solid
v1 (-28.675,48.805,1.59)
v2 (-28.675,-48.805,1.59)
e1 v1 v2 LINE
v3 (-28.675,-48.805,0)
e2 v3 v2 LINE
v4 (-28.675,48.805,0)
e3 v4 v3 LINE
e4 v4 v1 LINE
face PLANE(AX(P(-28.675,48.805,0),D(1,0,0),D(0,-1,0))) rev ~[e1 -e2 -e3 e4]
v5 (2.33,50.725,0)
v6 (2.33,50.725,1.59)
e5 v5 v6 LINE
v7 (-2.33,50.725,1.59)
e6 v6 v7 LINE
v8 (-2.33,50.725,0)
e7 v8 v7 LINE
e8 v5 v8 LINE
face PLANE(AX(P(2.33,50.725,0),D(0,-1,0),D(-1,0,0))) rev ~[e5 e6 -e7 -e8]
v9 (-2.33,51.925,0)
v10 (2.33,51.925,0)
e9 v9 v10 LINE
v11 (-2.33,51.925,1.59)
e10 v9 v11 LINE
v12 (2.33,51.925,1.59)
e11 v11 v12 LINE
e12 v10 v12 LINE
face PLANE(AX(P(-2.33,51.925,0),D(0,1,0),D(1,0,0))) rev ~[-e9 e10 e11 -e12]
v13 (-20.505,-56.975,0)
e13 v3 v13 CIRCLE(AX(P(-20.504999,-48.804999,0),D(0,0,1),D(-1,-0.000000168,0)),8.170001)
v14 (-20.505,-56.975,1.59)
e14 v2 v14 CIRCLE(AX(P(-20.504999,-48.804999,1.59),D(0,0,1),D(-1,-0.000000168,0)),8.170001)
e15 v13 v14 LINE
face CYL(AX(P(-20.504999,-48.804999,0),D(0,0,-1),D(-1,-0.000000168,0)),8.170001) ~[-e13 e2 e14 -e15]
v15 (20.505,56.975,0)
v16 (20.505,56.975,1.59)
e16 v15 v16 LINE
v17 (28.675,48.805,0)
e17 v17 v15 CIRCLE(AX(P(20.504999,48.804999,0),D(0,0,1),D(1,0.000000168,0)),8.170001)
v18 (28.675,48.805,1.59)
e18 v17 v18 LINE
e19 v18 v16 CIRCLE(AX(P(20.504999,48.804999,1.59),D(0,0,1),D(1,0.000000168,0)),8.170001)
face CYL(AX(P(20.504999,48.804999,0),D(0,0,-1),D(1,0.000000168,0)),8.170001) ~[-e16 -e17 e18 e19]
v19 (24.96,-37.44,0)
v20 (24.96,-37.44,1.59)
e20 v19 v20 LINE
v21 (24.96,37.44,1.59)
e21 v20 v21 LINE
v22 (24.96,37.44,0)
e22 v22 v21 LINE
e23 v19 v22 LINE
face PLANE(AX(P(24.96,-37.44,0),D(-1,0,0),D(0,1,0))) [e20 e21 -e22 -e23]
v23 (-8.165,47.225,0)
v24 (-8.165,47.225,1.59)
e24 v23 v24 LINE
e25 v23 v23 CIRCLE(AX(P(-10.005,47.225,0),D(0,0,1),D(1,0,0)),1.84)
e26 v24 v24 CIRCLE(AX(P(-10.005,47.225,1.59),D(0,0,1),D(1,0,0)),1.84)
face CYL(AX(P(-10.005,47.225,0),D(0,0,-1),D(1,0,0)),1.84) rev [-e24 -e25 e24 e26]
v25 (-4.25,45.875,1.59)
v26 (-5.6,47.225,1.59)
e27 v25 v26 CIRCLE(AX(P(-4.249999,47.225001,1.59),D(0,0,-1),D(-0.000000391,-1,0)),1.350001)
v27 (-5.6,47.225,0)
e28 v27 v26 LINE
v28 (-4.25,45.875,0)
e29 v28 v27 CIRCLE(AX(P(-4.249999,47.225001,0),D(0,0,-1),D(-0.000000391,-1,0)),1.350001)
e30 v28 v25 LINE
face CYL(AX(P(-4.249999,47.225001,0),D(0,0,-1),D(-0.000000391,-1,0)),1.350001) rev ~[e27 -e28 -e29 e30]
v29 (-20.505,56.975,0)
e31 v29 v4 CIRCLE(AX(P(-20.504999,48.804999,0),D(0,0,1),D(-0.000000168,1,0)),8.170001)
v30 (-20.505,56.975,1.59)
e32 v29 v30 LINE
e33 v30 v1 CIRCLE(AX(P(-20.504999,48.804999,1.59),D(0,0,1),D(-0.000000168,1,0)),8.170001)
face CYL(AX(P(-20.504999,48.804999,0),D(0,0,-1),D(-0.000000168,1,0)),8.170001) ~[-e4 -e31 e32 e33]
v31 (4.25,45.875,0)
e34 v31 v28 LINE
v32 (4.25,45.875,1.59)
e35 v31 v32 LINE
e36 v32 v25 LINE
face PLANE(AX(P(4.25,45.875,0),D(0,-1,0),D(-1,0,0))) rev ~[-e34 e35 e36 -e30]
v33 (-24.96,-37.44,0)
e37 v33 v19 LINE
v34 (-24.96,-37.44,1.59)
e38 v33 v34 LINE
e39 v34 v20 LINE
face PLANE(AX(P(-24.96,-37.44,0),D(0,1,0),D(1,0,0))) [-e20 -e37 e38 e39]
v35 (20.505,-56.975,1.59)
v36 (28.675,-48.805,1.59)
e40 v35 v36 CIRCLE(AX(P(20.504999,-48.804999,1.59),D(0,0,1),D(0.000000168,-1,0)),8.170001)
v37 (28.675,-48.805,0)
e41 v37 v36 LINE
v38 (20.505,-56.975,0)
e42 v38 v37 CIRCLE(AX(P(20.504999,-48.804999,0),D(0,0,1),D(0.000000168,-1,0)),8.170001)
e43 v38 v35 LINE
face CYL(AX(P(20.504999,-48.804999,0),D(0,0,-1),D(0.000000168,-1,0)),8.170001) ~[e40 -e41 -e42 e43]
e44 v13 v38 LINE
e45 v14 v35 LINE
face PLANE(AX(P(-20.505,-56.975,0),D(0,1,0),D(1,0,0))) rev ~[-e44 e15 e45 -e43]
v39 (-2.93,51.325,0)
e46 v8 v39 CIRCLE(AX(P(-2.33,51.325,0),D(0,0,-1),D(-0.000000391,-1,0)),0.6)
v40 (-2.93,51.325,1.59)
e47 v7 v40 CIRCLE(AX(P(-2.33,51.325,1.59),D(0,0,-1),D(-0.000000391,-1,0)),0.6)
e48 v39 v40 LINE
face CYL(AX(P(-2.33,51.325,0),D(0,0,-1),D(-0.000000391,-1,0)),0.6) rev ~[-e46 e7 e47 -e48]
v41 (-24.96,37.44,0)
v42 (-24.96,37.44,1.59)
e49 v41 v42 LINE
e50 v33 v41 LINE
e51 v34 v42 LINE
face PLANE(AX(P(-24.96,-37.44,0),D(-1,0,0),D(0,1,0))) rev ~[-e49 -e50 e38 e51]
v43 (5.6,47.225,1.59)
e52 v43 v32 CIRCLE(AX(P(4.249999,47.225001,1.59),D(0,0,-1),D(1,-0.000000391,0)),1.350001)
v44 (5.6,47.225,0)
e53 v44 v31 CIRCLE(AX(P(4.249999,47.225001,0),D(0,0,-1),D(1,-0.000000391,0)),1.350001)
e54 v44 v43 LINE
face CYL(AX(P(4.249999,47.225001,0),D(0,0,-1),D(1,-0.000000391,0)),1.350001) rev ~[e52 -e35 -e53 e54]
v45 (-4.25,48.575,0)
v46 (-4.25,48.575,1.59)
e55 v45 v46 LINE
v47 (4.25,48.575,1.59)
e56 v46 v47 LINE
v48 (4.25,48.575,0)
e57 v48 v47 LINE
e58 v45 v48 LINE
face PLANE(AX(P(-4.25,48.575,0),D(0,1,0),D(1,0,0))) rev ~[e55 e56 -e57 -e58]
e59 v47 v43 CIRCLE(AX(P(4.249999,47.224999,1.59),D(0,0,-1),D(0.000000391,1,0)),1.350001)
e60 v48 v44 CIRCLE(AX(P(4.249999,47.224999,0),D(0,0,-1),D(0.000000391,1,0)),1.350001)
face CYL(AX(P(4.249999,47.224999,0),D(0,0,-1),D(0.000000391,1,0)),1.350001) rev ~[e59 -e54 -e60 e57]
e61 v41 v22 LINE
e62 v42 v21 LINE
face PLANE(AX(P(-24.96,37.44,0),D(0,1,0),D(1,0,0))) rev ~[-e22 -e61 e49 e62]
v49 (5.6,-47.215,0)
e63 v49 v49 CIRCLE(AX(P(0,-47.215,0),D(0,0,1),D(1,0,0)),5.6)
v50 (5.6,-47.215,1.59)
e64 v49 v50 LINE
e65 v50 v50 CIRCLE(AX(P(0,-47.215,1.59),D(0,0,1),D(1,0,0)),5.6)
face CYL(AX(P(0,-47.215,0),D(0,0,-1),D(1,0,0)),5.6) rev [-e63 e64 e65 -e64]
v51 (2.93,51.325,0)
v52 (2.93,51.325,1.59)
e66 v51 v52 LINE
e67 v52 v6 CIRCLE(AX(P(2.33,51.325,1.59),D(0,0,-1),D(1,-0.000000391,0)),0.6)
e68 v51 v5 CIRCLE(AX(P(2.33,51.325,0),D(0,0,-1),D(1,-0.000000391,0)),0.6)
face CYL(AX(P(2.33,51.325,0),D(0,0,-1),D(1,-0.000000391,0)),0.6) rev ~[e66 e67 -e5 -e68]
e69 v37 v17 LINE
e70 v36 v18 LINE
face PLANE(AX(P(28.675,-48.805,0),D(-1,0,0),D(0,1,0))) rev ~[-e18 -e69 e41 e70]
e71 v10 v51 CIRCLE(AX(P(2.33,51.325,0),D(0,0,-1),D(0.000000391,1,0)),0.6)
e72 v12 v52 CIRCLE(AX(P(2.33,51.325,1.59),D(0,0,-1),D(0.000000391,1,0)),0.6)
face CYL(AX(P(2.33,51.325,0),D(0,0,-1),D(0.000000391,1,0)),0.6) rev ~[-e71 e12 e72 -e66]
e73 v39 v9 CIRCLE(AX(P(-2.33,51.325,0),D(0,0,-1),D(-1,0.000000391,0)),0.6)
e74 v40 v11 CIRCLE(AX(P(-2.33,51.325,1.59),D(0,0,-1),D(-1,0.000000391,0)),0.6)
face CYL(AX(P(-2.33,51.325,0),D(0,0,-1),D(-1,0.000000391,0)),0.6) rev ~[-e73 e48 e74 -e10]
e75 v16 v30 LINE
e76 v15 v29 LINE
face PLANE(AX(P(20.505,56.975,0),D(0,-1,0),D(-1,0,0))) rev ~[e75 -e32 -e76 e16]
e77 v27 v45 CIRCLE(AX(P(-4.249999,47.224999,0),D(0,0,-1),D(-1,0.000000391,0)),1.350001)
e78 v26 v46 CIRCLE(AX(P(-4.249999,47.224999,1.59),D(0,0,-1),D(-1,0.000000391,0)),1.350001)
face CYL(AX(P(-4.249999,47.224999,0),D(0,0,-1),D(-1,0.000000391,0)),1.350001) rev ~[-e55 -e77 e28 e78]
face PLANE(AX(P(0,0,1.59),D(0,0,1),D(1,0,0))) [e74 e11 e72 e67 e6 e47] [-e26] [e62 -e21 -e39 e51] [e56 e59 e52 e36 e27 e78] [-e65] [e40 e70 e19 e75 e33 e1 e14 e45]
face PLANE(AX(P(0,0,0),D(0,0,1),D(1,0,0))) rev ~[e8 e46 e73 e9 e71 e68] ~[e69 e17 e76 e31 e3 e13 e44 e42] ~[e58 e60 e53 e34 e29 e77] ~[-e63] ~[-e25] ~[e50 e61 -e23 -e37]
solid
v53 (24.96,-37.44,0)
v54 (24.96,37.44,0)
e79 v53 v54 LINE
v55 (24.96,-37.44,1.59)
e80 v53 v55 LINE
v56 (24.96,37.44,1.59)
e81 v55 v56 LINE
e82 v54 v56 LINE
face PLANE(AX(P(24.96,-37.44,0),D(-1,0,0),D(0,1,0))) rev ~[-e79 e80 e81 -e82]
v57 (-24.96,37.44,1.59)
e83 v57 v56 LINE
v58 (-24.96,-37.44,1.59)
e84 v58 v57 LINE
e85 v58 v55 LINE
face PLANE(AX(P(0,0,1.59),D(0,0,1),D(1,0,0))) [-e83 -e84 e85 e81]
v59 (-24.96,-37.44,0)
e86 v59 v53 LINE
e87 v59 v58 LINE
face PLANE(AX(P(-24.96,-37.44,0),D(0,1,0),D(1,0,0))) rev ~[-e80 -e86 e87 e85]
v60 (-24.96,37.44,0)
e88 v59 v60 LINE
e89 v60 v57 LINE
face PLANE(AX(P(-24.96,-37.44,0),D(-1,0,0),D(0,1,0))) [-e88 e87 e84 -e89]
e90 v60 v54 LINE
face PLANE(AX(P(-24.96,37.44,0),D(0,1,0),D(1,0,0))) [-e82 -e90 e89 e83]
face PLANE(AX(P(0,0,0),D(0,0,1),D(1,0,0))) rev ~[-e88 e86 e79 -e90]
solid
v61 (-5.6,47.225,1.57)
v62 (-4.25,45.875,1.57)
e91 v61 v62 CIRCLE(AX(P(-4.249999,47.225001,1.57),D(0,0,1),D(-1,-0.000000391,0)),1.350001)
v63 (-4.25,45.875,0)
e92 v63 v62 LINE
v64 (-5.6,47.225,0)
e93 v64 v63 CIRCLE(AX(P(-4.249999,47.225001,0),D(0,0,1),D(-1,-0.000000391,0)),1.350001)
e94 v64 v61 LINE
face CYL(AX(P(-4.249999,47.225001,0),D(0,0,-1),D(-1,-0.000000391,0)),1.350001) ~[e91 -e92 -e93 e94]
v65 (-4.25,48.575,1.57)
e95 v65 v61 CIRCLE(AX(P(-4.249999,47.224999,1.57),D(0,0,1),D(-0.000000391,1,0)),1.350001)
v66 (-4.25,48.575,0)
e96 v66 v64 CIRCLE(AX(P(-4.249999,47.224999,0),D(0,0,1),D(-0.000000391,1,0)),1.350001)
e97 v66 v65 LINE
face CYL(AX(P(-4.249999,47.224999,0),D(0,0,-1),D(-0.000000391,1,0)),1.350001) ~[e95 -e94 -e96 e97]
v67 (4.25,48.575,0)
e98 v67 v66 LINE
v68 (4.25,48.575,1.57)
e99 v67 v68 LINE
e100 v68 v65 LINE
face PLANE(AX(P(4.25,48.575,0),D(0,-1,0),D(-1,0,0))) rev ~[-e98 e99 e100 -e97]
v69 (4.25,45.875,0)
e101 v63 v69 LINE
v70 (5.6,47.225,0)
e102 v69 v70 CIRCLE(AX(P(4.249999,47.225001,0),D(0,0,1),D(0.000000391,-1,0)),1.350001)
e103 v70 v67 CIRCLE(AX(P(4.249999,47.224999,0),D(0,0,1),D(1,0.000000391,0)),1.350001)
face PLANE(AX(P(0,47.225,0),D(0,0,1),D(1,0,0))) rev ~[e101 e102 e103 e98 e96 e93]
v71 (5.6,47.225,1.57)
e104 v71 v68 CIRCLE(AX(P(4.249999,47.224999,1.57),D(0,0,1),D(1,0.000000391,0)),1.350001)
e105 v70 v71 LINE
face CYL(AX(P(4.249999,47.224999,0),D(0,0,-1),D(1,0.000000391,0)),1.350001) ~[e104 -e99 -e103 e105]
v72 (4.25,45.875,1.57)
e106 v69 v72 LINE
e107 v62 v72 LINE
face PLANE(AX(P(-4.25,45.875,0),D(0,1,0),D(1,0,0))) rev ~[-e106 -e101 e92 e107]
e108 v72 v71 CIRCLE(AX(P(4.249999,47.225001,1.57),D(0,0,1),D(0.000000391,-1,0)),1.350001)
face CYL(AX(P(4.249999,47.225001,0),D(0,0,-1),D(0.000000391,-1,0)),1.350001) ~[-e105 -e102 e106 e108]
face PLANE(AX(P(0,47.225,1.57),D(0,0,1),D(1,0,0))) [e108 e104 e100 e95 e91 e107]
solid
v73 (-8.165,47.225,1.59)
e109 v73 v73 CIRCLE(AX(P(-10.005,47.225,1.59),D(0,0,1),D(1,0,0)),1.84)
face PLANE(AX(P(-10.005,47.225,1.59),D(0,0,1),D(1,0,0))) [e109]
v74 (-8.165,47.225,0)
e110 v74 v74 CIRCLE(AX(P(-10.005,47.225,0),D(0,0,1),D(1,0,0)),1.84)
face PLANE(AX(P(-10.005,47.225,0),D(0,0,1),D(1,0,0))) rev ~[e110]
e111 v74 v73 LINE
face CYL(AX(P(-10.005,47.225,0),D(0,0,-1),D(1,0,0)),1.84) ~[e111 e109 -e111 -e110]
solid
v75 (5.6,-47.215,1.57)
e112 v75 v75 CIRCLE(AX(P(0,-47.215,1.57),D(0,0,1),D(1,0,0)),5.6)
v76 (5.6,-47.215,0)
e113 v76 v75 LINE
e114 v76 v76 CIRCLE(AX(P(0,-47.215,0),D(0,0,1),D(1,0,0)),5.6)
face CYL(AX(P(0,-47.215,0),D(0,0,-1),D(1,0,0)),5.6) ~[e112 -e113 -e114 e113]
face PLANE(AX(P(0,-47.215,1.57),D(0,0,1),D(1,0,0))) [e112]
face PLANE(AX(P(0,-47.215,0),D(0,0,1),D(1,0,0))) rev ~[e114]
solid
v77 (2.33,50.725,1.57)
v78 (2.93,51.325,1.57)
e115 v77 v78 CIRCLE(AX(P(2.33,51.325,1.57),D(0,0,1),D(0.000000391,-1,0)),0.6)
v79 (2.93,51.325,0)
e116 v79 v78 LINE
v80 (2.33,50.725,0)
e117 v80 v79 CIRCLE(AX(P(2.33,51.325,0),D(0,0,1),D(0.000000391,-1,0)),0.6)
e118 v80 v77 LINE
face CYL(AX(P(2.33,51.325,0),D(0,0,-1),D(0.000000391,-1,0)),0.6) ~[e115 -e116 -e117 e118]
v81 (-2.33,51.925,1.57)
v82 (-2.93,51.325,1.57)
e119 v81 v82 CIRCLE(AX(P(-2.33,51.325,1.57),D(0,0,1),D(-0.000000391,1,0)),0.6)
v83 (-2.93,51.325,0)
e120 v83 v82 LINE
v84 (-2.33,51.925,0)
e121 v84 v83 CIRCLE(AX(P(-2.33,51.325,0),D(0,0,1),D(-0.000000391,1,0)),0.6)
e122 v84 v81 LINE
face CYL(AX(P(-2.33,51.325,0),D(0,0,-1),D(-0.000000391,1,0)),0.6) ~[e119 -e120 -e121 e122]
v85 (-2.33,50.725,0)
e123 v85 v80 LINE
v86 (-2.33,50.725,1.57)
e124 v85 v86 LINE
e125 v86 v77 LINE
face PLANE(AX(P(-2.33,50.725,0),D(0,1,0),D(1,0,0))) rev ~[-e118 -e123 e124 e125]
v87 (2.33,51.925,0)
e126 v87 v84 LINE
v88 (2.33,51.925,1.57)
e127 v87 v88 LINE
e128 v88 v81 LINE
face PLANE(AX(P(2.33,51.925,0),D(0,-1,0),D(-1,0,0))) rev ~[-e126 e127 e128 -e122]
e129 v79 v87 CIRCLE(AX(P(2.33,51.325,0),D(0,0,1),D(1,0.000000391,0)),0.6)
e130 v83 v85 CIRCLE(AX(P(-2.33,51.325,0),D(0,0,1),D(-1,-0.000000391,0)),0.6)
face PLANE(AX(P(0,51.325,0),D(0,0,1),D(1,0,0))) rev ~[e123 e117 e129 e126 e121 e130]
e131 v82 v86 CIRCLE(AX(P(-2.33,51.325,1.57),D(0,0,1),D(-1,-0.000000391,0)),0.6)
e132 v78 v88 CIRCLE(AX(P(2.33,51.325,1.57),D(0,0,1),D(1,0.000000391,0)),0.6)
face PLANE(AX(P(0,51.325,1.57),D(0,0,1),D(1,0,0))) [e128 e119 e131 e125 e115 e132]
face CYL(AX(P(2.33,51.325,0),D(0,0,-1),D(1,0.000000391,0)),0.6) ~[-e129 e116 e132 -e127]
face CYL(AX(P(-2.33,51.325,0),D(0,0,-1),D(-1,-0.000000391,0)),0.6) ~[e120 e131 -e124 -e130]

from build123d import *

# Parameters (mm, degrees)
F0_R     = 5.6
F0_W     = 49.92
F0_H     = 74.88
F0_R_2   = 1.84
F1_DEPTH = 1.59
F2_DEPTH = 1.59
F3_DEPTH = 1.57
F4_DEPTH = 1.59
F5_DEPTH = 1.57


with BuildPart() as f1:
    # F0 (on Top) → F1 (new body)
    with BuildSketch(Plane.XY):
        with BuildLine():
            Line((20.505, 56.975), (-20.505, 56.975))
            ThreePointArc((-20.505, 56.975), (-26.282062, 54.582062), (-28.675, 48.805))
            Line((-28.675, 48.805), (-28.675, -48.805))
            ThreePointArc((-28.675, -48.805), (-26.282062, -54.582062), (-20.505, -56.975))
            Line((-20.505, -56.975), (20.505, -56.975))
            ThreePointArc((20.505, -56.975), (26.282062, -54.582062), (28.675, -48.805))
            Line((28.675, -48.805), (28.675, 48.805))
            ThreePointArc((28.675, 48.805), (26.282062, 54.582062), (20.505, 56.975))
        make_face()
        with Locations((0, -47.215)):
            Circle(F0_R, mode=Mode.SUBTRACT)
        Rectangle(F0_W, F0_H, mode=Mode.SUBTRACT)
        with Locations((-10.005, 47.225)):
            Circle(F0_R_2, mode=Mode.SUBTRACT)
        with BuildLine():
            ThreePointArc((5.6, 47.225), (5.204594, 46.270406), (4.25, 45.875))
            Line((4.25, 45.875), (-4.25, 45.875))
            ThreePointArc((-4.25, 45.875), (-5.204594, 46.270406), (-5.6, 47.225))
            ThreePointArc((-5.6, 47.225), (-5.204594, 48.179594), (-4.25, 48.575))
            Line((-4.25, 48.575), (4.25, 48.575))
            ThreePointArc((4.25, 48.575), (5.204594, 48.179594), (5.6, 47.225))
        make_face(mode=Mode.SUBTRACT)
        with BuildLine():
            ThreePointArc((-2.93, 51.325), (-2.754264, 51.749264), (-2.33, 51.925))
            Line((-2.33, 51.925), (2.33, 51.925))
            ThreePointArc((2.33, 51.925), (2.754264, 51.749264), (2.93, 51.325))
            ThreePointArc((2.93, 51.325), (2.754264, 50.900736), (2.33, 50.725))
            Line((2.33, 50.725), (-2.33, 50.725))
            ThreePointArc((-2.33, 50.725), (-2.754264, 50.900736), (-2.93, 51.325))
        make_face(mode=Mode.SUBTRACT)
    extrude(amount=F1_DEPTH)


with BuildPart() as f2:
    # F0 (on Top) → F2 (new body)
    with BuildSketch(Plane.XY):
        Rectangle(F0_W, F0_H)
    extrude(amount=F2_DEPTH)


with BuildPart() as f3:
    # F0 (on Top) → F3 (new body)
    with BuildSketch(Plane.XY):
        with BuildLine():
            Line((-4.25, 45.875), (4.25, 45.875))
            ThreePointArc((4.25, 45.875), (5.204594, 46.270406), (5.6, 47.225))
            ThreePointArc((5.6, 47.225), (5.204594, 48.179594), (4.25, 48.575))
            Line((4.25, 48.575), (-4.25, 48.575))
            ThreePointArc((-4.25, 48.575), (-5.204594, 48.179594), (-5.6, 47.225))
            ThreePointArc((-5.6, 47.225), (-5.204594, 46.270406), (-4.25, 45.875))
        make_face()
        with BuildLine():
            Line((2.33, 51.925), (-2.33, 51.925))
            ThreePointArc((-2.33, 51.925), (-2.754264, 51.749264), (-2.93, 51.325))
            ThreePointArc((-2.93, 51.325), (-2.754264, 50.900736), (-2.33, 50.725))
            Line((-2.33, 50.725), (2.33, 50.725))
            ThreePointArc((2.33, 50.725), (2.754264, 50.900736), (2.93, 51.325))
            ThreePointArc((2.93, 51.325), (2.754264, 51.749264), (2.33, 51.925))
        make_face()
    extrude(amount=F3_DEPTH)


with BuildPart() as f4:
    # F0 (on Top) → F4 (new body)
    with BuildSketch(Plane.XY):
        with Locations((-10.005, 47.225)):
            Circle(F0_R_2)
    extrude(amount=F4_DEPTH)


with BuildPart() as f5:
    # F0 (on Top) → F5 (new body)
    with BuildSketch(Plane.XY):
        with Locations((0, -47.215)):
            Circle(F0_R)
    extrude(amount=F5_DEPTH)


solid = Compound([f1.part, f2.part, f3.part, f4.part, f5.part])
